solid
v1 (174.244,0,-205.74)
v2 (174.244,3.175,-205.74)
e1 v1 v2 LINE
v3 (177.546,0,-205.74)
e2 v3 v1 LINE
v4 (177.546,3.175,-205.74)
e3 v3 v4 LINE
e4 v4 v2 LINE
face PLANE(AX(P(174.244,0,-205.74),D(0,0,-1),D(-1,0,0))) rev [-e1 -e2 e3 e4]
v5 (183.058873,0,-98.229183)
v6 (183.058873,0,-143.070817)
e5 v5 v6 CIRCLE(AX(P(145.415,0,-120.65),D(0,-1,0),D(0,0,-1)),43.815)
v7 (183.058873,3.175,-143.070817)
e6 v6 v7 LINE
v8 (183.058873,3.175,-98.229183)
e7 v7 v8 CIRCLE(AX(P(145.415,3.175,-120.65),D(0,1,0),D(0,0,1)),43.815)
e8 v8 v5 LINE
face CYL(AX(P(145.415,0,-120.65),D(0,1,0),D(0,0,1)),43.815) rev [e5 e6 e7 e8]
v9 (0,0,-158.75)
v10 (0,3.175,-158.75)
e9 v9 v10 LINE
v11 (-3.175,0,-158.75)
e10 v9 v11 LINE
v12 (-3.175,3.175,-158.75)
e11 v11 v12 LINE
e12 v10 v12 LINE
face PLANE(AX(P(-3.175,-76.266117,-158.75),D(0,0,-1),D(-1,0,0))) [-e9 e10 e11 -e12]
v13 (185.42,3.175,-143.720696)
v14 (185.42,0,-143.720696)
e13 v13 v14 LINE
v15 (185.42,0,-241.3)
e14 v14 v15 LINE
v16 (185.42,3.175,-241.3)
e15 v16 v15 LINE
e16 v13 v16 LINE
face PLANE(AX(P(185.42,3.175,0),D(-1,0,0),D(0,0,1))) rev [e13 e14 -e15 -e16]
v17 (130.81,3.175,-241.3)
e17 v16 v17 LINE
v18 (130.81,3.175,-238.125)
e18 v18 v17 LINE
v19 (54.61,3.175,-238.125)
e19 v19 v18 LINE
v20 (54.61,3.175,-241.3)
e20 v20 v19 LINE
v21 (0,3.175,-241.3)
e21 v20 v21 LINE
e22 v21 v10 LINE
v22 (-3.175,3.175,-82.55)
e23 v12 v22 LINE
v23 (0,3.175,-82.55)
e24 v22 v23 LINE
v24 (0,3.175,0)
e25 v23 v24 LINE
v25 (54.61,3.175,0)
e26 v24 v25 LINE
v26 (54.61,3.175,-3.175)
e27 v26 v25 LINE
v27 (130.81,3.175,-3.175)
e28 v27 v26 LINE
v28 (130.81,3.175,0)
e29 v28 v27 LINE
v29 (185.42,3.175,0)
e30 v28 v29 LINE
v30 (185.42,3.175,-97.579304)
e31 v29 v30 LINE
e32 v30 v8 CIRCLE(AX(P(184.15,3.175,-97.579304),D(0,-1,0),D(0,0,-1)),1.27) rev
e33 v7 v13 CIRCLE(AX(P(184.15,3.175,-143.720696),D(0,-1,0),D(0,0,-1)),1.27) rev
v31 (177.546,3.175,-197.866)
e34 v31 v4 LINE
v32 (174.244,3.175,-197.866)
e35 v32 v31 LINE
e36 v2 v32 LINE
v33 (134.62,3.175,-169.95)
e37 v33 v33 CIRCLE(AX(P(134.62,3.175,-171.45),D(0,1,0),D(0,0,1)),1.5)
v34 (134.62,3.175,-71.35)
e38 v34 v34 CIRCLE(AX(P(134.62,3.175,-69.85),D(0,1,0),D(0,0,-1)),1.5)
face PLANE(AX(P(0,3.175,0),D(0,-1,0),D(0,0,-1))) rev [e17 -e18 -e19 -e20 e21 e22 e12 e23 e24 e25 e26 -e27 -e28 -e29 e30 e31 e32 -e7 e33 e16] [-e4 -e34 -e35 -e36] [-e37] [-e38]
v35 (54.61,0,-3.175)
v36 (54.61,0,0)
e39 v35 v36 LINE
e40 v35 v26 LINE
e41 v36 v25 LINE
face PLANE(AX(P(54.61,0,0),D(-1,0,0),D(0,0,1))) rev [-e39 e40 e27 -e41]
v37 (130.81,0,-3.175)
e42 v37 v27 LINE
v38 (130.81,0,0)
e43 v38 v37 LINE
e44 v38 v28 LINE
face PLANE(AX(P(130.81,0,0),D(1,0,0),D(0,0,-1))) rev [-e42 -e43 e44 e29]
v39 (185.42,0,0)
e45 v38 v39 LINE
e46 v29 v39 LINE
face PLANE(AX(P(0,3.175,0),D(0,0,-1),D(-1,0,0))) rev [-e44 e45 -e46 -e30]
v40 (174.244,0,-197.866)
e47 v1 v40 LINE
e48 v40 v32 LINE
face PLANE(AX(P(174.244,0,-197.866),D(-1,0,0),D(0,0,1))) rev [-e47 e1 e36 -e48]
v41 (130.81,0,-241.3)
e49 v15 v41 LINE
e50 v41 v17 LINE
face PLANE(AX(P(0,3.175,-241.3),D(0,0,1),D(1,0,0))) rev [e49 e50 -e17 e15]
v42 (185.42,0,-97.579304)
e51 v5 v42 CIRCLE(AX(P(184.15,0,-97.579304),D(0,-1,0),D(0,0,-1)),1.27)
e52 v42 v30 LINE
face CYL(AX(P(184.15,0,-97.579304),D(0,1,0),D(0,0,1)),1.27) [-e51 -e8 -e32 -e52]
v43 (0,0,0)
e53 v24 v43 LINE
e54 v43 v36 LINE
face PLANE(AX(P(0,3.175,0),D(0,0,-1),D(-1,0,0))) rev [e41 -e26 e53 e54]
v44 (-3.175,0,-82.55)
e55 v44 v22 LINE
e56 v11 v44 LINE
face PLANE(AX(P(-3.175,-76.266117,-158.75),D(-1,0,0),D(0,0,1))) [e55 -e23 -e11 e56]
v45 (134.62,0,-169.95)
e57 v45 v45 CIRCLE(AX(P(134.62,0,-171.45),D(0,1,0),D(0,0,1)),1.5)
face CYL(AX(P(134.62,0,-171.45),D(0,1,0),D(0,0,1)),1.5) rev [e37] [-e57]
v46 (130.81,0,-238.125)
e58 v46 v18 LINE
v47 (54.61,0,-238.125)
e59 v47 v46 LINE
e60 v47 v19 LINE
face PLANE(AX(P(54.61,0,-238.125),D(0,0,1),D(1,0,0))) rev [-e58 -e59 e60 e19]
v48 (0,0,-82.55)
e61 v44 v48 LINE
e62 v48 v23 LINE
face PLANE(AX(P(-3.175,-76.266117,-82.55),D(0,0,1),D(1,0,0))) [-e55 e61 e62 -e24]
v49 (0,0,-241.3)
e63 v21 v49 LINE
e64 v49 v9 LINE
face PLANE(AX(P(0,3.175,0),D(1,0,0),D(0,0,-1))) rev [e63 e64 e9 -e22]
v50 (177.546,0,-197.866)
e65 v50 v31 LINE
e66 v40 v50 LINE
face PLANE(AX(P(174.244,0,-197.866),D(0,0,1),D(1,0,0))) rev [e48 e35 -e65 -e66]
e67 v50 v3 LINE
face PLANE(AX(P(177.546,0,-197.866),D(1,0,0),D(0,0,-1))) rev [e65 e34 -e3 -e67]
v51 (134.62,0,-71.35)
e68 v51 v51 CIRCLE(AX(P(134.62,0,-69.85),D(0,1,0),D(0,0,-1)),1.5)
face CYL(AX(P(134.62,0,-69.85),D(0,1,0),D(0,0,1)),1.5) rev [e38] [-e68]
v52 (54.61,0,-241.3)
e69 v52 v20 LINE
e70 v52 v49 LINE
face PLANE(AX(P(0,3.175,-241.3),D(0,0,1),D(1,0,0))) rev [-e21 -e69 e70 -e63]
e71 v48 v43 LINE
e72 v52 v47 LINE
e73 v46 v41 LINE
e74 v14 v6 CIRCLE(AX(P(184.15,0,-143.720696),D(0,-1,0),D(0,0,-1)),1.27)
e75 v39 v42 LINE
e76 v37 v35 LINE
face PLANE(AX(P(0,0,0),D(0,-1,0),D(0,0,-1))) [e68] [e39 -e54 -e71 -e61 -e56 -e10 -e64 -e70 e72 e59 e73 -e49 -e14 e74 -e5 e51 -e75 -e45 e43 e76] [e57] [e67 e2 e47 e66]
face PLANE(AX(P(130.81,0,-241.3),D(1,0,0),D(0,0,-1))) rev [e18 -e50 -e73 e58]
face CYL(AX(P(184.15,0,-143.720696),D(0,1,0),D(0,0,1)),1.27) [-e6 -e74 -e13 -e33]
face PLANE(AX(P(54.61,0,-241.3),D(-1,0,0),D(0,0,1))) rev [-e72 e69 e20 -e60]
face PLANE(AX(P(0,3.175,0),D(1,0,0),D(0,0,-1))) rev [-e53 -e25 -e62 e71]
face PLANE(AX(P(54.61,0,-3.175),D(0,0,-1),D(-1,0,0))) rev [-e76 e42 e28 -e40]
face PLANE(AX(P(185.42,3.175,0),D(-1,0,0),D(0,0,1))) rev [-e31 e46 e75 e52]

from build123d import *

# Parameters (mm, degrees)
SKETCH1_W           = 185.42
SKETCH1_H           = 241.3
BOSS_EXTRUDE1_DEPTH = 3.175
SKETCH2_R           = 43.815
CUT_EXTRUDE1_DEPTH  = 4.175
SKETCH7_R           = 1.5
CUT_EXTRUDE4_DEPTH  = 4.175
FILLET1_R           = 1.27
SKETCH8_W           = 76.2
SKETCH8_H           = 3.175
CUT_EXTRUDE5_DEPTH  = 4.175
SKETCH11_W          = 3.175
SKETCH11_H          = 76.2
BOSS_EXTRUDE3_DEPTH = 3.175
SKETCH12_W          = 3.302
SKETCH12_H          = 7.874
CUT_EXTRUDE6_DEPTH  = 4.175


with BuildPart() as part:
    # Sketch1 → Boss-Extrude1 (new body)
    with BuildSketch(Plane(origin=(0, 0, 0), x_dir=(1, 0, 0), z_dir=(0, 1, 0))):
        with Locations((92.71, 120.65)):
            Rectangle(SKETCH1_W, SKETCH1_H)
    extrude(amount=BOSS_EXTRUDE1_DEPTH)

    # Sketch2 → Cut-Extrude1 (cut, through all)
    with BuildSketch(Plane(origin=(0, 3.175, 0), x_dir=(1, 0, 0), z_dir=(0, 1, 0))):
        with Locations((145.415, 120.65)):
            Circle(SKETCH2_R)
    extrude(amount=-CUT_EXTRUDE1_DEPTH, mode=Mode.SUBTRACT)

    # Sketch7 → Cut-Extrude4 (cut, through all)
    with BuildSketch(Plane(origin=(0, 3.175, 0), x_dir=(1, 0, 0), z_dir=(0, 1, 0))):
        with Locations((134.62, 171.45)):
            Circle(SKETCH7_R)
        with Locations((134.62, 69.85)):
            Circle(SKETCH7_R)
    extrude(amount=-CUT_EXTRUDE4_DEPTH, mode=Mode.SUBTRACT)

    # Fillet1
    fillet1_edges = [part.edges().sort_by_distance(p)[0] for p in [
        (185.42, 1.5875, -102.779515955),
        (185.42, 1.5875, -138.520484045),
    ]]
    fillet(fillet1_edges, radius=FILLET1_R)

    # Sketch8 → Cut-Extrude5 (cut, through all)
    with BuildSketch(Plane(origin=(0, 3.175, 0), x_dir=(1, 0, 0), z_dir=(0, 1, 0))):
        with Locations((92.71, 239.7125)):
            Rectangle(SKETCH8_W, SKETCH8_H)
        with Locations((92.71, 1.5875)):
            Rectangle(SKETCH8_W, SKETCH8_H)
    extrude(amount=-CUT_EXTRUDE5_DEPTH, mode=Mode.SUBTRACT)

    # Sketch11 → Boss-Extrude3 (add)
    with BuildSketch(Plane(origin=(0, 3.175, 0), x_dir=(1, 0, 0), z_dir=(0, 1, 0))):
        with Locations((-1.5875, 120.65)):
            Rectangle(SKETCH11_W, SKETCH11_H)
    extrude(amount=-BOSS_EXTRUDE3_DEPTH)

    # Sketch12 → Cut-Extrude6 (cut, through all)
    with BuildSketch(Plane(origin=(0, 3.175, 0), x_dir=(1, 0, 0), z_dir=(0, 1, 0))):
        with Locations((175.895, 201.803)):
            Rectangle(SKETCH12_W, SKETCH12_H)
    extrude(amount=-CUT_EXTRUDE6_DEPTH, mode=Mode.SUBTRACT)


solid = part.part
